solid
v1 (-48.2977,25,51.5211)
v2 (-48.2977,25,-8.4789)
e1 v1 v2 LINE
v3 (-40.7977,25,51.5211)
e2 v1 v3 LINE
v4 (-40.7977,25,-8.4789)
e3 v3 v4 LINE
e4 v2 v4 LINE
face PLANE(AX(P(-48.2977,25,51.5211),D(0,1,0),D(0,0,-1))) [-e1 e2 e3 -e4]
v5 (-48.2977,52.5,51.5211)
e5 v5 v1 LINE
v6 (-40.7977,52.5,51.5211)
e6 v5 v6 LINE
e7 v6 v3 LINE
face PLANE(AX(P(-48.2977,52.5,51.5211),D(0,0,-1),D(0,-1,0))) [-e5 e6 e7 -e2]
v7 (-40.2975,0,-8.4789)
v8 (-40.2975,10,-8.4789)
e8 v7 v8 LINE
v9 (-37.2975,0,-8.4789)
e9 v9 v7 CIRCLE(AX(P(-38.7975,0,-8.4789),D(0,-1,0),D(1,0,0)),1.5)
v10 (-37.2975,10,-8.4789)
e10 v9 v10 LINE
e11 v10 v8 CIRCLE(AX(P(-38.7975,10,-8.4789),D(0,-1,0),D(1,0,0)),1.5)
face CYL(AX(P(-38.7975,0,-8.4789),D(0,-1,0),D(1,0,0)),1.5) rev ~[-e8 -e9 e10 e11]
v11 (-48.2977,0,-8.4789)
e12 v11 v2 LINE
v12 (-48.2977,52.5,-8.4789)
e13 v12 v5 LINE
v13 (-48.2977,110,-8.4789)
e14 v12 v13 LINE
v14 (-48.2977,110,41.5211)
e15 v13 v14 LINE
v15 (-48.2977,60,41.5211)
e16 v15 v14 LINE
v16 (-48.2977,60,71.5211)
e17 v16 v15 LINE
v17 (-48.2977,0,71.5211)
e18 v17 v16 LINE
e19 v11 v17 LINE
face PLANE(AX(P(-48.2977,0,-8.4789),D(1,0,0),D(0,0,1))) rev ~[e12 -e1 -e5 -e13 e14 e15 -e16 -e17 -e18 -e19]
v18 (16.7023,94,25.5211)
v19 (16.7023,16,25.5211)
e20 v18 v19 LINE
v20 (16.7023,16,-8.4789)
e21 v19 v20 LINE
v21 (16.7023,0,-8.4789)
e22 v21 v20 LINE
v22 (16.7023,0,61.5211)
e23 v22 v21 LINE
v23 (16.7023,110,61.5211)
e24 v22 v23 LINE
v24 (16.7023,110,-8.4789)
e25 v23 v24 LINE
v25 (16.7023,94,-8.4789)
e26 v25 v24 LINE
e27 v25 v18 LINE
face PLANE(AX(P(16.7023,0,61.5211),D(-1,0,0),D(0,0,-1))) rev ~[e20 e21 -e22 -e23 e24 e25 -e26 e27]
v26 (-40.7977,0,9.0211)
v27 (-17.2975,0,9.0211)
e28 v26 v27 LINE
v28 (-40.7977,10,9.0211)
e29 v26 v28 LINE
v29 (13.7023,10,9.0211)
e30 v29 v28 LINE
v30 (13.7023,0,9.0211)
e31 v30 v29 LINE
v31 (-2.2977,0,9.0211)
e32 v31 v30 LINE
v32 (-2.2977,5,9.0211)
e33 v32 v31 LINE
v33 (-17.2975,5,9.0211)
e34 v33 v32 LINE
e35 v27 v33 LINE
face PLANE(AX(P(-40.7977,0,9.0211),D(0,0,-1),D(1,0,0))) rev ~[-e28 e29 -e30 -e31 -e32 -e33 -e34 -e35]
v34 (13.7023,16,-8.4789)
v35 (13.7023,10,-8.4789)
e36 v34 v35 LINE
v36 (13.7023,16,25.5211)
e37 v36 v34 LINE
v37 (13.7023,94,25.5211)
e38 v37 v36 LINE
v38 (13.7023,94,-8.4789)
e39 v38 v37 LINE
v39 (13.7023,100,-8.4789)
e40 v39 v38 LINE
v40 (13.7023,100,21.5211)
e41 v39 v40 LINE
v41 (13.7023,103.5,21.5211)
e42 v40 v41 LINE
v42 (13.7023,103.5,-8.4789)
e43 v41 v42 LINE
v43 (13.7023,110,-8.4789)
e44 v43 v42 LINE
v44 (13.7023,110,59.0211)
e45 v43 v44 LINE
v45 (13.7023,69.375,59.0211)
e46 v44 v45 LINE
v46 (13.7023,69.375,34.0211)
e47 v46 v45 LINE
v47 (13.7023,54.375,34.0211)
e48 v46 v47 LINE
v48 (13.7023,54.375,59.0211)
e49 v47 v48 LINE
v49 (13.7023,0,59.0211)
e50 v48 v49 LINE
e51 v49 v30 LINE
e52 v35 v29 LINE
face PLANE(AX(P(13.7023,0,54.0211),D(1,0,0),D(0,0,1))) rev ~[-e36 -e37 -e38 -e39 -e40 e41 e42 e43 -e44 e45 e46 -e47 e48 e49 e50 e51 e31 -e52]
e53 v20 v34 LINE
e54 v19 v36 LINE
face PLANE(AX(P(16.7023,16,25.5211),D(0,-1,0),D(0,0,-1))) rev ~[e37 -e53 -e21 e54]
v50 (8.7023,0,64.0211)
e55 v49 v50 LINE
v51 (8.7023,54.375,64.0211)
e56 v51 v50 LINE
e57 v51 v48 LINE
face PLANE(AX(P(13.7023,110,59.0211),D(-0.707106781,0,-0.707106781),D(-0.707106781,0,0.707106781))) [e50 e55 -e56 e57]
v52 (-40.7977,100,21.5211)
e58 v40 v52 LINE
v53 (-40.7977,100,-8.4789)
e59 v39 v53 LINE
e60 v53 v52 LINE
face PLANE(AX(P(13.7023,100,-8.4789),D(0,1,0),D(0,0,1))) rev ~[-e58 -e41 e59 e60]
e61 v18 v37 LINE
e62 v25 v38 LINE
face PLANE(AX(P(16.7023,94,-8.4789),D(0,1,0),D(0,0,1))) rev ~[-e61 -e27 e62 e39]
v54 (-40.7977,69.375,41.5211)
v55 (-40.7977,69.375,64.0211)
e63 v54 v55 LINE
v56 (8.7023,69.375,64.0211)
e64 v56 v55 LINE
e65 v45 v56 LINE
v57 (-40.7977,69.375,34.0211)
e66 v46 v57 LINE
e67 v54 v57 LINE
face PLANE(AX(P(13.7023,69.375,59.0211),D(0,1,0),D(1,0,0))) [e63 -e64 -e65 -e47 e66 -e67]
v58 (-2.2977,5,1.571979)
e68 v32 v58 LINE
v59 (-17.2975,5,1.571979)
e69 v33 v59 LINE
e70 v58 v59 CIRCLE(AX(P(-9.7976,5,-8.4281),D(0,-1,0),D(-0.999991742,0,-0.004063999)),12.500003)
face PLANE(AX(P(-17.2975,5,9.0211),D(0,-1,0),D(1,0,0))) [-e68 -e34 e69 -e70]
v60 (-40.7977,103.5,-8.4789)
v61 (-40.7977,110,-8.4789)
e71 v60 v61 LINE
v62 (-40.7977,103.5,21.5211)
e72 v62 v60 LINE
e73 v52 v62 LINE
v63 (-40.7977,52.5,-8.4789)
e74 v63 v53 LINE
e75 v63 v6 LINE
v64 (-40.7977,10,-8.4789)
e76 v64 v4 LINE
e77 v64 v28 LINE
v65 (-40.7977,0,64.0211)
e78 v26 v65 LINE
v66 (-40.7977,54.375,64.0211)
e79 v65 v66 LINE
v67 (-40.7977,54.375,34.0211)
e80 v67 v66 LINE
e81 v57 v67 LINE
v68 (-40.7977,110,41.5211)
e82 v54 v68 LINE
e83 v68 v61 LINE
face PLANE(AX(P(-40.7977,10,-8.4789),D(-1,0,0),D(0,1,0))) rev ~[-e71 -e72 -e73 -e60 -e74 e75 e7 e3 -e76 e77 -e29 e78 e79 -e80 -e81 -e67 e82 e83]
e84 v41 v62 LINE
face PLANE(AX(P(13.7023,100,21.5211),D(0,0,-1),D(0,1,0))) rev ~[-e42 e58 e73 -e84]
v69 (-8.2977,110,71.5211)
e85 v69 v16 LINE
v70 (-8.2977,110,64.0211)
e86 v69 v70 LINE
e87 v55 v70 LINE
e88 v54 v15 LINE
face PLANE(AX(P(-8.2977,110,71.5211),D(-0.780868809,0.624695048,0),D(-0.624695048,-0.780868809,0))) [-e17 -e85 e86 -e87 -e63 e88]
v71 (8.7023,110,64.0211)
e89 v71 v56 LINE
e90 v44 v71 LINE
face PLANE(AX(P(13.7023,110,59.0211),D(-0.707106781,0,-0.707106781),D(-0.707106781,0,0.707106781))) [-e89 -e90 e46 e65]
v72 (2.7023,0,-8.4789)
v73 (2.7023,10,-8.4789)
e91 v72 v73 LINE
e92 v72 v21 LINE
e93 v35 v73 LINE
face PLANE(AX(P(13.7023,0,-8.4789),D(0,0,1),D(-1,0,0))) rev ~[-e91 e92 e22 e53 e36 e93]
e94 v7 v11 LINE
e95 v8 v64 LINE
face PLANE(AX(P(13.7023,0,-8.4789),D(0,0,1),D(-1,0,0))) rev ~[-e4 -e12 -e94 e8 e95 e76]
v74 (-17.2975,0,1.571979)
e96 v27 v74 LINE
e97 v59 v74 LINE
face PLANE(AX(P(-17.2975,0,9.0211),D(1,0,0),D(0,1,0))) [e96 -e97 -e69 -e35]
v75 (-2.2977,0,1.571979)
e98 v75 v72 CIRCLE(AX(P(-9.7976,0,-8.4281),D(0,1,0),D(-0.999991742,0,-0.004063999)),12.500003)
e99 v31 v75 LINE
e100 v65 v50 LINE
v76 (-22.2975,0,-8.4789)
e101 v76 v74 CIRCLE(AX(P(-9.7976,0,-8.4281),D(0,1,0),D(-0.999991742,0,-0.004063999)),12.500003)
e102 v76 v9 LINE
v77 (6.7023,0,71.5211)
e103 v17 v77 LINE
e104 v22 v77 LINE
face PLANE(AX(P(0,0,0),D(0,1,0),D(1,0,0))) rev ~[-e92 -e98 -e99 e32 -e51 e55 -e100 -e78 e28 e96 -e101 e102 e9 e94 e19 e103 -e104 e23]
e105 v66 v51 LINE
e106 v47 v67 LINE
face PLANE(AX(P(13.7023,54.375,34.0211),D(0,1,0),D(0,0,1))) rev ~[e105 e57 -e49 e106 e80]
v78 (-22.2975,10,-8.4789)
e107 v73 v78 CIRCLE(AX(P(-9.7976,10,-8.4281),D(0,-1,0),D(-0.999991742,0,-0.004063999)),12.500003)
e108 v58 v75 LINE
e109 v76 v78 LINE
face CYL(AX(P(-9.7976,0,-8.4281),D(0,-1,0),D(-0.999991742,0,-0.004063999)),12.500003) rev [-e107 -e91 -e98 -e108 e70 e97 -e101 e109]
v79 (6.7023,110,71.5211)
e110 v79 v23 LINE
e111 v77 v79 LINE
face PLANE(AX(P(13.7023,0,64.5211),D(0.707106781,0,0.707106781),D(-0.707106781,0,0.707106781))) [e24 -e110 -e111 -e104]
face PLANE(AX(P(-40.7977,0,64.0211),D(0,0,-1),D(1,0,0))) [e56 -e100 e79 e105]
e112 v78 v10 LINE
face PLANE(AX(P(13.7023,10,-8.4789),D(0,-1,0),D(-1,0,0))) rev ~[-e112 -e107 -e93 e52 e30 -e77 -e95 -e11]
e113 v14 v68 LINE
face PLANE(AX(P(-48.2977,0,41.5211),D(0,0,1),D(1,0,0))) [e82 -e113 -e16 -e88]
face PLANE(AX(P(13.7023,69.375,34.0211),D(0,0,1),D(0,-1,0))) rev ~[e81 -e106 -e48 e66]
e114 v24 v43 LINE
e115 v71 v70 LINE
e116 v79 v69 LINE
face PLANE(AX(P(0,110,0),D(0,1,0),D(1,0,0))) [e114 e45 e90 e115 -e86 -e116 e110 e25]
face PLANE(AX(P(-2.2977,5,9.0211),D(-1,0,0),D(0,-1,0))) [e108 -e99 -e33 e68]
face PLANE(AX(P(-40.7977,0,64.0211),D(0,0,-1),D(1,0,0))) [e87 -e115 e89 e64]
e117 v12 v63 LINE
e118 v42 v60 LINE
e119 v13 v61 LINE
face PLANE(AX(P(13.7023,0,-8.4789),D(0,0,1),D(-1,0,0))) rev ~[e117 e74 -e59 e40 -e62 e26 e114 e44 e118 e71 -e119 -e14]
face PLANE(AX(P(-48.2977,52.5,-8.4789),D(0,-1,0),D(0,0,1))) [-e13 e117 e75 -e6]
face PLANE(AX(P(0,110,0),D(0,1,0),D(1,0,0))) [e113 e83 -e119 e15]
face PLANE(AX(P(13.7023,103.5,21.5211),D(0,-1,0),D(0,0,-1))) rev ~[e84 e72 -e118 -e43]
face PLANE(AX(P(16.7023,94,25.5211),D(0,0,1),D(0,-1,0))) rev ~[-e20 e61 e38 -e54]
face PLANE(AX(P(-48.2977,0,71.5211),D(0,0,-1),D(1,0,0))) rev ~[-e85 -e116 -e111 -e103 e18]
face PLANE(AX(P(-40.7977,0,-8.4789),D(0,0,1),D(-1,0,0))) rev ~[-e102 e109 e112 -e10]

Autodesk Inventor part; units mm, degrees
ref_plane "YZ Plane" through (0, 0, 0) normal (1, 0, 0) x (0, 1, 0)
ref_plane "XZ Plane" through (0, 0, 0) normal (0, 1, 0) x (-1, 0, 0)
ref_plane "XY Plane" through (0, 0, 0) normal (0, 0, 1) x (1, 0, 0)
sketch "Sketch1" plane through (0, 0, 0) normal (0, 1, 0) x (-1, 0, 0)
  line L0 (48.2977, 71.5211) -> (-16.7023, 71.5211)
  line L1 (-16.7023, 71.5211) -> (-16.7023, -8.4789)
  line L2 (-16.7023, -8.4789) -> (48.2977, -8.4789)
  line L3 (48.2977, -8.4789) -> (48.2977, 71.5211)
  arc A0 (22.2975, -8.4789) -> (-2.7023, -8.4789) centre (9.7976, -8.4281) ccw
  line L4 (-16.7023, -8.4789) -> (-13.7023, -8.4789)
  line L5 (-13.7023, -8.4789) -> (-13.7023, 71.5211)
  line L6 (-13.7023, 71.5211) -> (-16.7023, 71.5211)
  line L7 (-16.7023, 71.5211) -> (-16.7023, -8.4789)
  line L8 (48.2977, -8.4789) -> (40.7977, -8.4789)
  line L9 (40.7977, -8.4789) -> (40.7977, 71.5211)
  line L10 (40.7977, 71.5211) -> (48.2977, 71.5211)
  line L11 (48.2977, 71.5211) -> (48.2977, -8.4789)
  line L12 (-13.7023, -8.4789) -> (40.7977, -8.4789)
  line L13 (40.7977, -8.4789) -> (40.7977, 9.0211)
  line L14 (40.7977, 9.0211) -> (-13.7023, 9.0211)
  line L15 (-13.7023, 9.0211) -> (-13.7023, -8.4789)
  line L16 (-13.7023, 71.5211) -> (40.7977, 71.5211)
  line L17 (40.7977, 71.5211) -> (40.7977, 64.0211)
  line L18 (40.7977, 64.0211) -> (-13.7023, 64.0211)
  line L19 (-13.7023, 64.0211) -> (-13.7023, 71.5211)
  line L20 (-16.7023, 61.5211) -> (-6.7023, 71.5211)
  line L21 (-16.7023, 61.5211) -> (-16.7023, 71.5211)
  line L22 (-6.7023, 71.5211) -> (-13.7023, 64.5211)
  line L23 (-13.7023, 64.0211) -> (-13.7023, 64.5211)
  line L24 (-6.7023, 71.5211) -> (40.7977, 71.5211)
  line L25 (40.7977, 64.0211) -> (-13.7023, 64.0211)
  line L26 (-13.7023, 64.5211) -> (-13.7023, 64.0211)
  line L27 (-13.7023, 64.5211) -> (-6.7023, 71.5211)
  line L28 (-13.7023, 54.0211) -> (-3.7023, 64.0211)
  point P0 (0, 0)
  dimension "d0" = 80
  dimension "d1" = 65
  dimension "d3" = 14
  dimension "d4" = 12.5
  dimension "d5" = 7.5
  dimension "d6" = 3
  dimension "d7" = 17.5
  dimension "d8" = 7.5
  dimension "d9" = 10
  dimension "d10" = 10
  dimension "d48" = 10
  dimension "d49" = 10
extrude "Extrusion1" add sketch "Sketch1" along normal blind 110 contours L3 L2 L9 L0 | L9 L18 L5 L20 L0 | L2 A0 L5 L14 L9 | L5 L2 L1 L20
sketch "Sketch2" plane through (-22.2975, 0, -8.4789) normal (0, 0, -1) x (-1, 0, 0)
  line L0 (18.5002, 0) -> (18.5002, 110) projected
  line L1 (18.5002, 110) -> (-35.9998, 110)
  line L2 (-35.9998, 110) -> (-35.9998, 10)
  line L3 (-35.9998, 10) -> (18.5002, 10)
  line L4 (18.5002, 10) -> (18.5002, 110)
  point P0 (-22.2975, 0)
  dimension "d13" = 100
  dimension "d14" = 54.5
extrude "Extrusion2" cut sketch "Sketch2" against normal blind 30
sketch "Sketch3" plane through (-40.7977, 0, 9.0211) normal (0, 0, 1) x (1, 0, 0)
  line L0 (54.5, 10) -> (0, 10) projected
  line L1 (26.0002, 10) -> (36, 10)
  line L2 (18.5002, 10) -> (18.5002, 0) projected
  line L3 (43.5, 0) -> (43.5, 10) projected
  line L4 (0, 0) -> (54.5, 0) projected
  line L5 (38.5, 0) -> (23.5002, 0)
  line L6 (23.5002, 0) -> (23.5002, 5)
  line L7 (23.5002, 5) -> (38.5, 5)
  line L8 (38.5, 5) -> (38.5, 0)
  point P0 (40.7977, 0)
  dimension "d43" = 5
  dimension "d44" = 5
  dimension "d45" = 5
sketch "Sketch4" plane through (16.7023, 0, 61.5211) normal (1, 0, 0) x (0, 0, -1)
  line L0 (70, 110) -> (70, 10) projected
  line L1 (70, 94) -> (36, 94)
  line L2 (36, 94) -> (36, 16)
  line L3 (36, 16) -> (70, 16)
  line L4 (70, 16) -> (70, 94)
  line L5 (0, 0) -> (70, 0) projected
  line L6 (0, 110) -> (70, 110) projected
  point P0 (61.5211, 0)
  dimension "d22" = 34
  dimension "d23" = 16
  dimension "d24" = 16
  dimension "d25" = 78
extrude "Extrusion4" cut sketch "Sketch4" against normal blind 30
sketch "Sketch5" plane through (0, 0, 0) normal (0, -1, 0) x (1, 0, 0)
  line L0 (-40.7977, -8.4789) -> (-22.2975, -8.4789) projected
  arc A0 (-40.2975, -8.4789) -> (-37.2975, -8.4789) centre (-38.7975, -8.4789) ccw
  arc A1 (-37.2975, -8.4789) -> (-40.2975, -8.4789) centre (-38.7975, -8.4789) ccw
  point P0 (0, 0)
  dimension "d28" = 18
  dimension "d29" = 1.5
  dimension "d30" = 0
  dimension "d31" = 1.5
extrude "Extrusion5" cut sketch "Sketch5" against normal blind 30 contours A1 L0
sketch "Sketch7" plane through (-48.2977, 0, 71.5211) normal (0, 0, 1) x (1, 0, 0)
  line L0 (0, 110) -> (55, 110) projected
  line L1 (0, 110) -> (40, 110)
  line L2 (40, 110) -> (0, 60)
  line L3 (0, 60) -> (0, 110)
  line L4 (65, 110) -> (65, 0) projected
  point P0 (48.2977, 0)
  dimension "d39" = 40
  dimension "d40" = 25
  dimension "d41" = 50
extrude "Extrusion6" cut sketch "Sketch3" against normal blind 30 contours L4 L6 L7 L8
sketch "Sketch8" plane through (0, 110, 0) normal (0, 1, 0) x (1, 0, 0)
  line L0 (13.7023, 8.4789) -> (13.7023, -64.0211) projected
  line L1 (13.7023, -59.0211) -> (8.7023, -64.0211)
  line L2 (8.7023, -64.0211) -> (13.7023, -64.0211)
  line L3 (13.7023, -64.0211) -> (13.7023, -59.0211)
  point P0 (0, 0)
  dimension "d50" = 5
  dimension "d51" = 5
extrude "Extrusion7" add sketch "Sketch8" against normal up to surface (110 mm away)
extrude "Extrusion8" cut sketch "Sketch7" against normal blind 30
sketch "Sketch9" plane through (13.7023, 0, 9.0211) normal (-1, 0, 0) x (0, 0, 1)
  line L0 (32.5, 69.375) -> (55, 69.375) projected
  line L1 (50, 0) -> (50, 110) projected
  line L2 (50, 69.375) -> (25, 69.375)
  line L3 (25, 69.375) -> (25, 54.375)
  line L4 (25, 54.375) -> (50, 54.375)
  line L5 (50, 54.375) -> (50, 69.375)
  point P0 (-9.0211, 0)
  dimension "d56" = 15
  dimension "d57" = 25
extrude "Extrusion9" add sketch "Sketch9" along normal up to next
sketch "Sketch10" plane through (-40.7977, 54.375, 59.0211) normal (0, 0, 1) x (1, 0, 0)
  line L0 (54.5, 15) -> (0, 15) projected
  line L1 (55.1529, 0) -> (0.519, 0)
  line L2 (0.519, 0) -> (0.519, 15)
  line L3 (0.519, 15) -> (55.1529, 15)
  line L4 (55.1529, 15) -> (55.1529, 0)
  line L5 (54.5, 0) -> (0, 0) projected
  line L6 (0, 15) -> (27.836, 15)
  line L7 (27.836, 15) -> (27.836, 0)
  line L8 (27.836, 0) -> (0, 0)
  line L9 (0, 0) -> (0, 15)
  point P0 (40.7977, -54.375)
extrude "Extrusion10" add sketch "Sketch10" along normal up to next
sketch "Sketch11" plane through (13.7023, 0, 9.0211) normal (-1, 0, 0) x (0, 0, 1)
  line L0 (-17.5, 94) -> (-17.5, 110) projected
  line L1 (-17.5, 100) -> (12.5, 100)
  line L2 (12.5, 100) -> (12.5, 103.5)
  line L3 (12.5, 103.5) -> (-17.5, 103.5)
  line L4 (-17.5, 103.5) -> (-17.5, 100)
  line L5 (-17.5, 110) -> (50, 110) projected
  point P0 (-9.0211, 0)
  dimension "d62" = 3.5
  dimension "d63" = 30
  dimension "d64" = 10
extrude "Extrusion11" add sketch "Sketch11" along normal up to next
sketch "Sketch12" plane through (-48.2977, 0, -8.4789) normal (-1, 0, 0) x (0, 0, 1)
  line L0 (0, 100) -> (0, 10) projected
  line L1 (0, 52.5) -> (60, 52.5)
  line L2 (60, 52.5) -> (60, 25)
  line L3 (60, 25) -> (0, 25)
  line L4 (0, 25) -> (0, 52.5)
  line L5 (80, 0) -> (80, 60) projected
  line L6 (80, 60) -> (50, 60) projected
  point P0 (8.4789, 0)
  dimension "d67" = 27.5
  dimension "d68" = 60
  dimension "d69" = 20
  dimension "d70" = 7.5
extrude "Extrusion12" cut sketch "Sketch12" against normal up to surface (62 mm away)
equation "\"d8\" = d5"
equation "\"d49\" = d48"
equation "\"d44\" = d43"
equation "\"d24\" = d23"
equation "\"d31\" = d29"
equation "\"d50\" = d51"
properties part number "Basev3.2"
